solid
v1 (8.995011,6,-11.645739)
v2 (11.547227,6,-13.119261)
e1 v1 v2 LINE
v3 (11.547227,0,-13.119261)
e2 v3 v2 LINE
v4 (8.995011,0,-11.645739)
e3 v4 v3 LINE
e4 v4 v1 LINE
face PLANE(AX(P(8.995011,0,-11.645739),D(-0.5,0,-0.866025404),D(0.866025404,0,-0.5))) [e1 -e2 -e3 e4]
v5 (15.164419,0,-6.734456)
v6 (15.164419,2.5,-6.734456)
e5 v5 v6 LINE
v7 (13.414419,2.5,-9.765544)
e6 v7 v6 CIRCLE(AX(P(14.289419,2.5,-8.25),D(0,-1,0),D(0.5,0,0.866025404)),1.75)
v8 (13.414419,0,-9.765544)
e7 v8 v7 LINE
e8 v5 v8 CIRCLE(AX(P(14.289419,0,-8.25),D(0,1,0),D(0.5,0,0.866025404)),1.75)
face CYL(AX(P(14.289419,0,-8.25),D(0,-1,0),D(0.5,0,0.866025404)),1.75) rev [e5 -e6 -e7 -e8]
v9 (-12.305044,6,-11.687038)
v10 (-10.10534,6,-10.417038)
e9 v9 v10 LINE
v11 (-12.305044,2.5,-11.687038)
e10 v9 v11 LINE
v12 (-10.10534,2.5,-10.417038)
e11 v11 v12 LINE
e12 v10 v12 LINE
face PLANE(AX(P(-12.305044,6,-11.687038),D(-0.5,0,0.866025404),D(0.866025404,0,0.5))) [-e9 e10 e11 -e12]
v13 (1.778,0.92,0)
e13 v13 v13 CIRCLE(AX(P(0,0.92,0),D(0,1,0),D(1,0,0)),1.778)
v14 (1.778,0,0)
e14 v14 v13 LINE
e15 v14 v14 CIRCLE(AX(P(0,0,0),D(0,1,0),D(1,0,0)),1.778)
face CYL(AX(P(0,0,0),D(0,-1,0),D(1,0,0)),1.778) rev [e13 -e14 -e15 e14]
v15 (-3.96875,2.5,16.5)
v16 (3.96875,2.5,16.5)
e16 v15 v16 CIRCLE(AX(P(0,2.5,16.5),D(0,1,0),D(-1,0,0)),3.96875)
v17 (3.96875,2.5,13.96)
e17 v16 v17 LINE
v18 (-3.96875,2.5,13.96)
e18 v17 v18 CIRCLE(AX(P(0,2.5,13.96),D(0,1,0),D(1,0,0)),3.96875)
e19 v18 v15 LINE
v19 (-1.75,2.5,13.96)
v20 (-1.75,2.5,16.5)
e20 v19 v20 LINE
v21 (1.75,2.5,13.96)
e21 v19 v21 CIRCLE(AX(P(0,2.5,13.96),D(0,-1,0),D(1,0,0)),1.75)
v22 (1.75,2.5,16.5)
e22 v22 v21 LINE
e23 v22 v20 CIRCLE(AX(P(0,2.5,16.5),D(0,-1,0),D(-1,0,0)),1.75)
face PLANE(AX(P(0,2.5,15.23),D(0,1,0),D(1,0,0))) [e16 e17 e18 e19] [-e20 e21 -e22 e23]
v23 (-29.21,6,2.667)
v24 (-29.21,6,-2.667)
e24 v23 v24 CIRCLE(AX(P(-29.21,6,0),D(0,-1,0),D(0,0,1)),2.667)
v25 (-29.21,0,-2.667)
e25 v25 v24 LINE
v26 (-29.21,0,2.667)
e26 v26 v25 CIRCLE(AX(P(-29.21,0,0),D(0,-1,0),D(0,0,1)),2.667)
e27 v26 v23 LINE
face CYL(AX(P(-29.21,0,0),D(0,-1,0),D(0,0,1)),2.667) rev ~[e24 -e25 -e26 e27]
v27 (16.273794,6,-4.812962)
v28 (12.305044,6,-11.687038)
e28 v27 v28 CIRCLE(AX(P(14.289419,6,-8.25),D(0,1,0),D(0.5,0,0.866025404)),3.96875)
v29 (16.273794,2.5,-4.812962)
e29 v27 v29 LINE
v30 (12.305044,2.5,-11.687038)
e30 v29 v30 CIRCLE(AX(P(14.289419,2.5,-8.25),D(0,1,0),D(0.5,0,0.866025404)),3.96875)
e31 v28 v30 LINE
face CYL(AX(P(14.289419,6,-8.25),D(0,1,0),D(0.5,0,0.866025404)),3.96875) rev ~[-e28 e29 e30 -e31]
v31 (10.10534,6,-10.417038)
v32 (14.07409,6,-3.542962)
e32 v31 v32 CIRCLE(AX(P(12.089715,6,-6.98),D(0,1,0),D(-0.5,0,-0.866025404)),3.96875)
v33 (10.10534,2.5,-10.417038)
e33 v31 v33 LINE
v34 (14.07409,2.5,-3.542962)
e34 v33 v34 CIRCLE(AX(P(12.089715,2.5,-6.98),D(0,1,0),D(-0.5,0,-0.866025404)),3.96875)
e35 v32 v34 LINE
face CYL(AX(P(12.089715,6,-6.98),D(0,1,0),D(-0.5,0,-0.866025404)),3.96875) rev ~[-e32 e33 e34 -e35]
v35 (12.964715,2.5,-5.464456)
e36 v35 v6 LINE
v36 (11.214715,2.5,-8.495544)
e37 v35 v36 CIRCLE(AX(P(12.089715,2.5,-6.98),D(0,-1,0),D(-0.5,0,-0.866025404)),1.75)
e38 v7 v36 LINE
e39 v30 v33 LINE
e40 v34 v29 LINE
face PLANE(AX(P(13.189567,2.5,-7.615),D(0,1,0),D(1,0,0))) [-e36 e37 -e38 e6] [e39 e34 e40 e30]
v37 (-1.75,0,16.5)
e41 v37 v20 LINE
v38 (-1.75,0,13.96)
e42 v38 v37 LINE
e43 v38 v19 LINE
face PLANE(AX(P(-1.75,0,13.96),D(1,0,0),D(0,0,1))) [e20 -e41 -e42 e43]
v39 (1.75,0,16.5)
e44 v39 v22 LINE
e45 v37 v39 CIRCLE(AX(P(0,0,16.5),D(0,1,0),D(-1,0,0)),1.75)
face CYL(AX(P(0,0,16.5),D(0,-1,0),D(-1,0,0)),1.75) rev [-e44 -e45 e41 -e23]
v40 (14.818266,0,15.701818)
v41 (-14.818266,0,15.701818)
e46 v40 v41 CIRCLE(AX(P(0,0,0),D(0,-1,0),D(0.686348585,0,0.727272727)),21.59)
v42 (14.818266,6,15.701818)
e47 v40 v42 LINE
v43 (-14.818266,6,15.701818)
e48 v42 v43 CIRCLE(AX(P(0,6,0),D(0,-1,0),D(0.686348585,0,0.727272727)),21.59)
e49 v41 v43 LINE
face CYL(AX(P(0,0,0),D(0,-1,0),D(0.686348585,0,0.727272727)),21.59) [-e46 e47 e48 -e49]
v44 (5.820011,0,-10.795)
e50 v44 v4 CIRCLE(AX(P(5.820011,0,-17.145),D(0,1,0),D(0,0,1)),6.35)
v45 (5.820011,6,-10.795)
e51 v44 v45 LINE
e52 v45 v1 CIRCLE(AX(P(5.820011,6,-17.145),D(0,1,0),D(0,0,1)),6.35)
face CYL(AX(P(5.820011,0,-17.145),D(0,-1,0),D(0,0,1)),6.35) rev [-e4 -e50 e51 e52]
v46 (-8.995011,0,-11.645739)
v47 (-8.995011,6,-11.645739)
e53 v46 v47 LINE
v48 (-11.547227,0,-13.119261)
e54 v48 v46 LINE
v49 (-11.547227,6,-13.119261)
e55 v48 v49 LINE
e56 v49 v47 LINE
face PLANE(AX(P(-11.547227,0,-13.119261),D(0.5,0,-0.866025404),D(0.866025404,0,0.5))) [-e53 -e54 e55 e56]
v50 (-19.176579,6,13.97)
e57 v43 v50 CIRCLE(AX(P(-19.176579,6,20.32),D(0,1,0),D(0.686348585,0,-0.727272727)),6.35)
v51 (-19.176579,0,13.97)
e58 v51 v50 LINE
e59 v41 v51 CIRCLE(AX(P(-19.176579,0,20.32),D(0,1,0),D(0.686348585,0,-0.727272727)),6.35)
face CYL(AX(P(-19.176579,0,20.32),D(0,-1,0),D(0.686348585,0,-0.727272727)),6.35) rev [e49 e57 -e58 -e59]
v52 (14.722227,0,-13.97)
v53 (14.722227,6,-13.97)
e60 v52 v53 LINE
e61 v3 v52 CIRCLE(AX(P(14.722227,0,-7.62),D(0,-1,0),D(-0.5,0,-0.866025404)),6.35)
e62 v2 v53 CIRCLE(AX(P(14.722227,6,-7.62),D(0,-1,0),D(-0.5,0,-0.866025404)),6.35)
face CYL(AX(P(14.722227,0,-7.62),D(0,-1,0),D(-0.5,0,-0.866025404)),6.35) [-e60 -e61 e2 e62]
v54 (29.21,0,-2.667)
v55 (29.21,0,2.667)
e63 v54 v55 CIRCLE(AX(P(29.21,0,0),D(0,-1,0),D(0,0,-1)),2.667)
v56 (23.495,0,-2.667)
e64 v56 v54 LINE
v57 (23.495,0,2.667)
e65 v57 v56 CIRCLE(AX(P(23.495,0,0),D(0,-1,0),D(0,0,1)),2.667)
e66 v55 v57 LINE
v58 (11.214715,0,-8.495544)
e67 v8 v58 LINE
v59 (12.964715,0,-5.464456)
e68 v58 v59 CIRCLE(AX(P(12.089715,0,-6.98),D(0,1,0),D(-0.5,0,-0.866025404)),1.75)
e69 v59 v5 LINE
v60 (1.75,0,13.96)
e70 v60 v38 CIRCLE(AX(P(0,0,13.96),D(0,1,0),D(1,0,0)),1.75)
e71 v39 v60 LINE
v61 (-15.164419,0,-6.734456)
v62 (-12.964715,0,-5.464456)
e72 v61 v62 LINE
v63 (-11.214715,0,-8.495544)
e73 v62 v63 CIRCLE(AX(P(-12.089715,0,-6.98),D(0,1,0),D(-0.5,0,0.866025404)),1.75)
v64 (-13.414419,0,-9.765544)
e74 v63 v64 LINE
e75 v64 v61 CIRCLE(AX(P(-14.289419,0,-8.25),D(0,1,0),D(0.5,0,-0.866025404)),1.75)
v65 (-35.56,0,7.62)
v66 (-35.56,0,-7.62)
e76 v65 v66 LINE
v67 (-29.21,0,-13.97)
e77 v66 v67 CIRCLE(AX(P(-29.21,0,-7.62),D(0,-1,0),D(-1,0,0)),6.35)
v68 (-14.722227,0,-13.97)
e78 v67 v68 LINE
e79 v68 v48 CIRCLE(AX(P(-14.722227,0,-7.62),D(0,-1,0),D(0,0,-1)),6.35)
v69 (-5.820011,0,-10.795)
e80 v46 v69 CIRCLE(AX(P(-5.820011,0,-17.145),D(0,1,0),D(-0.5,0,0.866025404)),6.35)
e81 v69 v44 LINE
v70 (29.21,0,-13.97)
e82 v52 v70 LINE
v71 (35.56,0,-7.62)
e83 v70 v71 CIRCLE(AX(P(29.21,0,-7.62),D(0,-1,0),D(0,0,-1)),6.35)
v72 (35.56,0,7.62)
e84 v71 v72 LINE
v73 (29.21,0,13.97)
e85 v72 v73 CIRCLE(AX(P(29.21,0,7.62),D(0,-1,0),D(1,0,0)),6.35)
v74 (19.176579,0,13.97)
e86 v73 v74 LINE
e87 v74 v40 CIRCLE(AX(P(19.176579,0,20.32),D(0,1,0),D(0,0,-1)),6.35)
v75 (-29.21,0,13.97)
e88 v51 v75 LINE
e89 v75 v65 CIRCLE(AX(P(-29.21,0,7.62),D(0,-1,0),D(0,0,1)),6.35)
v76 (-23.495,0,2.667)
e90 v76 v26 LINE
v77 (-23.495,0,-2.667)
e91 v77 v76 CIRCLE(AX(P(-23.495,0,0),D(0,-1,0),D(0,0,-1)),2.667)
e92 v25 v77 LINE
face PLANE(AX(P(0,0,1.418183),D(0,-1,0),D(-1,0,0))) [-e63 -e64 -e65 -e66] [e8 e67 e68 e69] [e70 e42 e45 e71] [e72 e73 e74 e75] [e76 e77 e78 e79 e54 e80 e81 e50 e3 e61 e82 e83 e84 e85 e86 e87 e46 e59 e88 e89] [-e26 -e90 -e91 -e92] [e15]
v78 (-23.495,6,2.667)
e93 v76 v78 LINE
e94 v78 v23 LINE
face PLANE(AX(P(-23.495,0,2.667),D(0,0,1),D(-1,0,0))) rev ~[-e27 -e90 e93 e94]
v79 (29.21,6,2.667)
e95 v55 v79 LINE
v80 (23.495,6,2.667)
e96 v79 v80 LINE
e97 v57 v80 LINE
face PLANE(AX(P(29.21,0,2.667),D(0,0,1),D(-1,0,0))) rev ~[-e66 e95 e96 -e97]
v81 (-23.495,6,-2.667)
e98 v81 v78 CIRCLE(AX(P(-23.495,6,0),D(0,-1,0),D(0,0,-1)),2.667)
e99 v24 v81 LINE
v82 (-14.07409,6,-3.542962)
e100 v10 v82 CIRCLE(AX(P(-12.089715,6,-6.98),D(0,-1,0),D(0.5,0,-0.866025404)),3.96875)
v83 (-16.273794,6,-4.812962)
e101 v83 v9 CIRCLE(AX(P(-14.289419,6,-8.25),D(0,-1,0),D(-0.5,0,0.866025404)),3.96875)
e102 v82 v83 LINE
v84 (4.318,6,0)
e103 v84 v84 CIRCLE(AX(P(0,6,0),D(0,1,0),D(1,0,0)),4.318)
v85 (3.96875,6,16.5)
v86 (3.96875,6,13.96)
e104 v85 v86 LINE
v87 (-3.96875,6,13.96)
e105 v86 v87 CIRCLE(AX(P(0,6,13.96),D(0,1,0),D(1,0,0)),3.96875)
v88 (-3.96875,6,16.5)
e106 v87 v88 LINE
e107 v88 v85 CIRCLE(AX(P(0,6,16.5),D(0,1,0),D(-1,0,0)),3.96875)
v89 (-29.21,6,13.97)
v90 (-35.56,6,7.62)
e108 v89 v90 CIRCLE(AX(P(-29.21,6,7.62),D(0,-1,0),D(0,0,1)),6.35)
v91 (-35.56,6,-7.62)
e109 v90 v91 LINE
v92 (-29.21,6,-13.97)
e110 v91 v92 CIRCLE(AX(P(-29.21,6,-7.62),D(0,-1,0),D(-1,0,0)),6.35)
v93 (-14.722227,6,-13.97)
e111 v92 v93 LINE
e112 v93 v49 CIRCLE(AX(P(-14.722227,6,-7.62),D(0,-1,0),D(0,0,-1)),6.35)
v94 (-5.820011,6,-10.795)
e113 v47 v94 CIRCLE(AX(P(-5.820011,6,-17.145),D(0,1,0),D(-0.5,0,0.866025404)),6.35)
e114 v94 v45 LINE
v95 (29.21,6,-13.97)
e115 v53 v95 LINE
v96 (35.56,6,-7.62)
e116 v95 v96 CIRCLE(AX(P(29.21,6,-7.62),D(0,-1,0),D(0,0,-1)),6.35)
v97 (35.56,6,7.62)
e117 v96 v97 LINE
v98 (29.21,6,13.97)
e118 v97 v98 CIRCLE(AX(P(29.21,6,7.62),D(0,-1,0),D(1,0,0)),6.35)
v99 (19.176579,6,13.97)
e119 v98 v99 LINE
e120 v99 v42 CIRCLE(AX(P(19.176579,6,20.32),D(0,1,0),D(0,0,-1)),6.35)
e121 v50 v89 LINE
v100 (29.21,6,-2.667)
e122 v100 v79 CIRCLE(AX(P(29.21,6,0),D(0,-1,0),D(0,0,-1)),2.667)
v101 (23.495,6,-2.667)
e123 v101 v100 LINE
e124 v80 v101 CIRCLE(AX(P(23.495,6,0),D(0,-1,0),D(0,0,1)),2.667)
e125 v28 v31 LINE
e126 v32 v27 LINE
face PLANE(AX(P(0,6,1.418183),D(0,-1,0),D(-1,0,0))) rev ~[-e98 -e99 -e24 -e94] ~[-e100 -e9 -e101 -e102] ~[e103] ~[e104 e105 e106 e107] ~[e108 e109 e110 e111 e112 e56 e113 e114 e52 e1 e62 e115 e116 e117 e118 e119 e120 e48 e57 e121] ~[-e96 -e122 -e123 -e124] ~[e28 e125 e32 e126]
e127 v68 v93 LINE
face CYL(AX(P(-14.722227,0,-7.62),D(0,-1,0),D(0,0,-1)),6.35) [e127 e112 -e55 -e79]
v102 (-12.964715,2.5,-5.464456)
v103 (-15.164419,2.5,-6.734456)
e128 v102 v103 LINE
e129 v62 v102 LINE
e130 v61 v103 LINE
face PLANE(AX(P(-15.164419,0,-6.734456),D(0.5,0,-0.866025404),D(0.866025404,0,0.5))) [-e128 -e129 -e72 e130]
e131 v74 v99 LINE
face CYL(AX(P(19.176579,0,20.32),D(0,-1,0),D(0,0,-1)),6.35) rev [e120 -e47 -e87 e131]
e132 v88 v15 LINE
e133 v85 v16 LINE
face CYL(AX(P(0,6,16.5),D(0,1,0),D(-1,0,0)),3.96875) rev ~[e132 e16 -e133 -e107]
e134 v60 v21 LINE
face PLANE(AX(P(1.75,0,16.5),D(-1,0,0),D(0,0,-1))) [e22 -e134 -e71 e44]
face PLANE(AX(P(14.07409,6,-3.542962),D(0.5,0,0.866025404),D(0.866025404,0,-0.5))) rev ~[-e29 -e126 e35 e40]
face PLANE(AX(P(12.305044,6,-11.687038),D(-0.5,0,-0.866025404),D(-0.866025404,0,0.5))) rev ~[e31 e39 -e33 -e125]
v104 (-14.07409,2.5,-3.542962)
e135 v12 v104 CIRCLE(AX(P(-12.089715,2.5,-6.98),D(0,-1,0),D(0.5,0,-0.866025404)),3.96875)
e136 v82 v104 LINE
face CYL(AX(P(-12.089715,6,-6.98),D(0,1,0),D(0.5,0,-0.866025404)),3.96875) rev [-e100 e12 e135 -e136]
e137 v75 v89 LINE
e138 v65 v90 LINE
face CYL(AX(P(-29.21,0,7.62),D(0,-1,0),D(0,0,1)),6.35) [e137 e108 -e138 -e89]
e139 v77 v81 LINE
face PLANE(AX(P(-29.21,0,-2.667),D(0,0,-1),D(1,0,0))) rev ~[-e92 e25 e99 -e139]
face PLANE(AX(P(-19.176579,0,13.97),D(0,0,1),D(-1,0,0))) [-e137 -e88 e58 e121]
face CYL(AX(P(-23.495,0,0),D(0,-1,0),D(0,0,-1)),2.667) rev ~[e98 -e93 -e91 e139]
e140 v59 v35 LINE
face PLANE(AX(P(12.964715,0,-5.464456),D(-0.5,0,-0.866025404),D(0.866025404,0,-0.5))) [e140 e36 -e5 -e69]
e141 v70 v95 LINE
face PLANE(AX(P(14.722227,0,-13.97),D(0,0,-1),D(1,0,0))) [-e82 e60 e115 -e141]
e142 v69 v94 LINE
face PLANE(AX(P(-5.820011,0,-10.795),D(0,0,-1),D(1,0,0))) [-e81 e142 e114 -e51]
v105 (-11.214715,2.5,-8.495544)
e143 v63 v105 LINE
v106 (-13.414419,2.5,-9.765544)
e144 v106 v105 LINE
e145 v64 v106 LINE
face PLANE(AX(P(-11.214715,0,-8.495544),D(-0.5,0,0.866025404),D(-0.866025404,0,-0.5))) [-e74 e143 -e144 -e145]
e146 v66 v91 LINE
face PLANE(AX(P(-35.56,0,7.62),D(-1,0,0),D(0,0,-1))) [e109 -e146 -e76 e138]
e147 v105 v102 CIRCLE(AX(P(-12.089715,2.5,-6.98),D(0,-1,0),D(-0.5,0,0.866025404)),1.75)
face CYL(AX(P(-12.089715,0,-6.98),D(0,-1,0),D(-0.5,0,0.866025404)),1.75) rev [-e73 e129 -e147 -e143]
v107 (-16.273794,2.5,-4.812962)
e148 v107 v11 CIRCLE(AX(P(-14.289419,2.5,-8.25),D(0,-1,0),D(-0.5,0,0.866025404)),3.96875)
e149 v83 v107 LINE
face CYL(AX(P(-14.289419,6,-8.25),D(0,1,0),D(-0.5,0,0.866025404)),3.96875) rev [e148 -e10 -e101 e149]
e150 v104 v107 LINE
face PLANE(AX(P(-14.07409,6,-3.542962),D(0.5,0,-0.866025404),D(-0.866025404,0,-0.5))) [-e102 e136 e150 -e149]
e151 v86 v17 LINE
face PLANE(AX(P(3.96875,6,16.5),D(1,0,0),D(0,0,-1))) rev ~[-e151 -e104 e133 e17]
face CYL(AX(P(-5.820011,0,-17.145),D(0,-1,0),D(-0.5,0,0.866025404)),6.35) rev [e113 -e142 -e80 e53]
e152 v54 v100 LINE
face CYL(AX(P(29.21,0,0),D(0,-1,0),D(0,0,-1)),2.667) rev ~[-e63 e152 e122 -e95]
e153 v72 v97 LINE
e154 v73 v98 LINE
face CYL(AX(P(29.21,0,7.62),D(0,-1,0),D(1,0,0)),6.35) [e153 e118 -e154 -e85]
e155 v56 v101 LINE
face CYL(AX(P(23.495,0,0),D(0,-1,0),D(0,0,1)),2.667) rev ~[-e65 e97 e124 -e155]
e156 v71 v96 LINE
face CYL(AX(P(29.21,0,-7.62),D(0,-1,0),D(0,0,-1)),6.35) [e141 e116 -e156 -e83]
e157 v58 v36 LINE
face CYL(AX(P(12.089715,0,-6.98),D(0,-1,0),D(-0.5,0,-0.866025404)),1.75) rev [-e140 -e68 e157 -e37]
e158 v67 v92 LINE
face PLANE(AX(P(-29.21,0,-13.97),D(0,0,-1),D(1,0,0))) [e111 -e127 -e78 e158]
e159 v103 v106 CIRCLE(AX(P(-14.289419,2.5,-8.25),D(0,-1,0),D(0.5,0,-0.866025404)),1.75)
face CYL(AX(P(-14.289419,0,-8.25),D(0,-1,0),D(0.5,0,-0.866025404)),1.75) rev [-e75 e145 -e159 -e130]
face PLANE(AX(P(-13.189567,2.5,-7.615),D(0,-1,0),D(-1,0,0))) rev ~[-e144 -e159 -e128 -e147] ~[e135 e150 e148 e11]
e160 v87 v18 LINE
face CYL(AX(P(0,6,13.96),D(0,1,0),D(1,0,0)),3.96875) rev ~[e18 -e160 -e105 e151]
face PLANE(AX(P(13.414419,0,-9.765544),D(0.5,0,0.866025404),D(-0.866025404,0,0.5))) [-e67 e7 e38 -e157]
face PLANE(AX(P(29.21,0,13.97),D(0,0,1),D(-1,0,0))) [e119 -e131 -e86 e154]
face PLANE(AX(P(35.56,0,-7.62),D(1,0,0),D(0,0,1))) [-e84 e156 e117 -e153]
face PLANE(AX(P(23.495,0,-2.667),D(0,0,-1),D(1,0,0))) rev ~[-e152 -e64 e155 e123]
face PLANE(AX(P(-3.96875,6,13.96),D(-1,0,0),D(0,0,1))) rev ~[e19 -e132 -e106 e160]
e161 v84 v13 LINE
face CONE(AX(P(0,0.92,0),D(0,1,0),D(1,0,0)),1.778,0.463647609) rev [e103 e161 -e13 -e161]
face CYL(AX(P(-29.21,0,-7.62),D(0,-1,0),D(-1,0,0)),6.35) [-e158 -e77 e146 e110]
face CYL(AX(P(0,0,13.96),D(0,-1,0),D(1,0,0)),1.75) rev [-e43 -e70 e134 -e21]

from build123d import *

# Parameters (mm, degrees)
SKETCH1_R           = 1.778
BOSS_EXTRUDE1_DEPTH = 6
CUT_EXTRUDE1_DEPTH  = 3.5
CHAMFER1_SIZE       = 2.54
CHAMFER1_SIZE2      = 5.08


with BuildPart() as part:
    # Sketch1 → Boss-Extrude1 (new body)
    with BuildSketch(Plane(origin=(0, 0, 0), x_dir=(1, 0, 0), z_dir=(0, 1, 0))):
        with BuildLine():
            Line((14.722227154, 13.97), (29.21, 13.97))
            ThreePointArc((29.21, 13.97), (33.700128061, 12.110128061), (35.56, 7.62))
            Line((35.56, 7.62), (35.56, -7.62))
            ThreePointArc((35.56, -7.62), (33.700128061, -12.110128061), (29.21, -13.97))
            Line((29.21, -13.97), (19.176579466, -13.97))
            ThreePointArc((19.176579466, -13.97), (16.831686562, -14.418815604), (14.818265951, -15.701818182))
            ThreePointArc((14.818265951, -15.701818182), (0, -21.59), (-14.818265951, -15.701818182))
            ThreePointArc((-14.818265951, -15.701818182), (-16.831686562, -14.418815604), (-19.176579466, -13.97))
            Line((-19.176579466, -13.97), (-29.21, -13.97))
            ThreePointArc((-29.21, -13.97), (-33.700128061, -12.110128061), (-35.56, -7.62))
            Line((-35.56, -7.62), (-35.56, 7.62))
            ThreePointArc((-35.56, 7.62), (-33.700128061, 12.110128061), (-29.21, 13.97))
            Line((-29.21, 13.97), (-14.722227154, 13.97))
            ThreePointArc((-14.722227154, 13.97), (-13.078726217, 13.753628997), (-11.547227154, 13.119261314))
            Line((-11.547227154, 13.119261314), (-8.995011096, 11.645738686))
            ThreePointArc((-8.995011096, 11.645738686), (-7.463512032, 11.011371003), (-5.820011096, 10.795))
            Line((-5.820011096, 10.795), (5.820011096, 10.795))
            ThreePointArc((5.820011096, 10.795), (7.463512032, 11.011371003), (8.995011096, 11.645738686))
            Line((8.995011096, 11.645738686), (11.547227154, 13.119261314))
            ThreePointArc((11.547227154, 13.119261314), (13.078726217, 13.753628997), (14.722227154, 13.97))
        make_face()
        Circle(SKETCH1_R, mode=Mode.SUBTRACT)
        with BuildLine():
            Line((-23.495, -2.667), (-29.21, -2.667))
            ThreePointArc((-29.21, -2.667), (-31.877, 0), (-29.21, 2.667))
            Line((-29.21, 2.667), (-23.495, 2.667))
            ThreePointArc((-23.495, 2.667), (-20.828, 0), (-23.495, -2.667))
        make_face(mode=Mode.SUBTRACT)
        with BuildLine():
            Line((23.495, 2.667), (29.21, 2.667))
            ThreePointArc((29.21, 2.667), (31.877, 0), (29.21, -2.667))
            Line((29.21, -2.667), (23.495, -2.667))
            ThreePointArc((23.495, -2.667), (20.828, 0), (23.495, 2.667))
        make_face(mode=Mode.SUBTRACT)
        with BuildLine():
            Line((-15.164419162, 6.734455543), (-12.964714637, 5.464455543))
            ThreePointArc((-12.964714637, 5.464455543), (-10.57417018, 6.105), (-11.214714637, 8.495544457))
            Line((-11.214714637, 8.495544457), (-13.414419162, 9.765544457))
            ThreePointArc((-13.414419162, 9.765544457), (-15.804963619, 9.125), (-15.164419162, 6.734455543))
        make_face(mode=Mode.SUBTRACT)
        with BuildLine():
            Line((13.414419162, 9.765544457), (11.214714637, 8.495544457))
            ThreePointArc((11.214714637, 8.495544457), (10.57417018, 6.105), (12.964714637, 5.464455543))
            Line((12.964714637, 5.464455543), (15.164419162, 6.734455543))
            ThreePointArc((15.164419162, 6.734455543), (15.804963619, 9.125), (13.414419162, 9.765544457))
        make_face(mode=Mode.SUBTRACT)
        with BuildLine():
            Line((1.75, -16.5), (1.75, -13.96))
            ThreePointArc((1.75, -13.96), (0, -12.21), (-1.75, -13.96))
            Line((-1.75, -13.96), (-1.75, -16.5))
            ThreePointArc((-1.75, -16.5), (0, -18.25), (1.75, -16.5))
        make_face(mode=Mode.SUBTRACT)
    extrude(amount=BOSS_EXTRUDE1_DEPTH)

    # Sketch5 → Cut-Extrude1 (cut)
    with BuildSketch(Plane(origin=(0, 6, 0), x_dir=(1, 0, 0), z_dir=(0, 1, 0))):
        with BuildLine():
            Line((-3.96875, -13.96), (-3.96875, -16.5))
            ThreePointArc((-3.96875, -16.5), (0, -20.46875), (3.96875, -16.5))
            Line((3.96875, -16.5), (3.96875, -13.96))
            ThreePointArc((3.96875, -13.96), (0, -9.99125), (-3.96875, -13.96))
        make_face()
        with BuildLine():
            Line((12.305044162, 11.687038321), (10.105339637, 10.417038321))
            ThreePointArc((10.105339637, 10.417038321), (8.652676316, 4.995625), (14.074089637, 3.542961679))
            Line((14.074089637, 3.542961679), (16.273794162, 4.812961679))
            ThreePointArc((16.273794162, 4.812961679), (17.726457484, 10.234375), (12.305044162, 11.687038321))
        make_face()
        with BuildLine():
            Line((-12.305044162, 11.687038321), (-10.105339637, 10.417038321))
            ThreePointArc((-10.105339637, 10.417038321), (-8.652676316, 4.995625), (-14.074089637, 3.542961679))
            Line((-14.074089637, 3.542961679), (-16.273794162, 4.812961679))
            ThreePointArc((-16.273794162, 4.812961679), (-17.726457484, 10.234375), (-12.305044162, 11.687038321))
        make_face()
    extrude(amount=-CUT_EXTRUDE1_DEPTH, mode=Mode.SUBTRACT)

    # Chamfer1
    chamfer1_edges = [part.edges().sort_by_distance(p)[0] for p in [
        (-1.778, 6, 0),
    ]]
    chamfer1_side = [part.faces().sort_by_distance(p)[0] for p in [
        (0, 6, 2.195443335),
    ]]
    chamfer(chamfer1_edges, length=CHAMFER1_SIZE, length2=CHAMFER1_SIZE2, reference=chamfer1_side[0])


solid = part.part
